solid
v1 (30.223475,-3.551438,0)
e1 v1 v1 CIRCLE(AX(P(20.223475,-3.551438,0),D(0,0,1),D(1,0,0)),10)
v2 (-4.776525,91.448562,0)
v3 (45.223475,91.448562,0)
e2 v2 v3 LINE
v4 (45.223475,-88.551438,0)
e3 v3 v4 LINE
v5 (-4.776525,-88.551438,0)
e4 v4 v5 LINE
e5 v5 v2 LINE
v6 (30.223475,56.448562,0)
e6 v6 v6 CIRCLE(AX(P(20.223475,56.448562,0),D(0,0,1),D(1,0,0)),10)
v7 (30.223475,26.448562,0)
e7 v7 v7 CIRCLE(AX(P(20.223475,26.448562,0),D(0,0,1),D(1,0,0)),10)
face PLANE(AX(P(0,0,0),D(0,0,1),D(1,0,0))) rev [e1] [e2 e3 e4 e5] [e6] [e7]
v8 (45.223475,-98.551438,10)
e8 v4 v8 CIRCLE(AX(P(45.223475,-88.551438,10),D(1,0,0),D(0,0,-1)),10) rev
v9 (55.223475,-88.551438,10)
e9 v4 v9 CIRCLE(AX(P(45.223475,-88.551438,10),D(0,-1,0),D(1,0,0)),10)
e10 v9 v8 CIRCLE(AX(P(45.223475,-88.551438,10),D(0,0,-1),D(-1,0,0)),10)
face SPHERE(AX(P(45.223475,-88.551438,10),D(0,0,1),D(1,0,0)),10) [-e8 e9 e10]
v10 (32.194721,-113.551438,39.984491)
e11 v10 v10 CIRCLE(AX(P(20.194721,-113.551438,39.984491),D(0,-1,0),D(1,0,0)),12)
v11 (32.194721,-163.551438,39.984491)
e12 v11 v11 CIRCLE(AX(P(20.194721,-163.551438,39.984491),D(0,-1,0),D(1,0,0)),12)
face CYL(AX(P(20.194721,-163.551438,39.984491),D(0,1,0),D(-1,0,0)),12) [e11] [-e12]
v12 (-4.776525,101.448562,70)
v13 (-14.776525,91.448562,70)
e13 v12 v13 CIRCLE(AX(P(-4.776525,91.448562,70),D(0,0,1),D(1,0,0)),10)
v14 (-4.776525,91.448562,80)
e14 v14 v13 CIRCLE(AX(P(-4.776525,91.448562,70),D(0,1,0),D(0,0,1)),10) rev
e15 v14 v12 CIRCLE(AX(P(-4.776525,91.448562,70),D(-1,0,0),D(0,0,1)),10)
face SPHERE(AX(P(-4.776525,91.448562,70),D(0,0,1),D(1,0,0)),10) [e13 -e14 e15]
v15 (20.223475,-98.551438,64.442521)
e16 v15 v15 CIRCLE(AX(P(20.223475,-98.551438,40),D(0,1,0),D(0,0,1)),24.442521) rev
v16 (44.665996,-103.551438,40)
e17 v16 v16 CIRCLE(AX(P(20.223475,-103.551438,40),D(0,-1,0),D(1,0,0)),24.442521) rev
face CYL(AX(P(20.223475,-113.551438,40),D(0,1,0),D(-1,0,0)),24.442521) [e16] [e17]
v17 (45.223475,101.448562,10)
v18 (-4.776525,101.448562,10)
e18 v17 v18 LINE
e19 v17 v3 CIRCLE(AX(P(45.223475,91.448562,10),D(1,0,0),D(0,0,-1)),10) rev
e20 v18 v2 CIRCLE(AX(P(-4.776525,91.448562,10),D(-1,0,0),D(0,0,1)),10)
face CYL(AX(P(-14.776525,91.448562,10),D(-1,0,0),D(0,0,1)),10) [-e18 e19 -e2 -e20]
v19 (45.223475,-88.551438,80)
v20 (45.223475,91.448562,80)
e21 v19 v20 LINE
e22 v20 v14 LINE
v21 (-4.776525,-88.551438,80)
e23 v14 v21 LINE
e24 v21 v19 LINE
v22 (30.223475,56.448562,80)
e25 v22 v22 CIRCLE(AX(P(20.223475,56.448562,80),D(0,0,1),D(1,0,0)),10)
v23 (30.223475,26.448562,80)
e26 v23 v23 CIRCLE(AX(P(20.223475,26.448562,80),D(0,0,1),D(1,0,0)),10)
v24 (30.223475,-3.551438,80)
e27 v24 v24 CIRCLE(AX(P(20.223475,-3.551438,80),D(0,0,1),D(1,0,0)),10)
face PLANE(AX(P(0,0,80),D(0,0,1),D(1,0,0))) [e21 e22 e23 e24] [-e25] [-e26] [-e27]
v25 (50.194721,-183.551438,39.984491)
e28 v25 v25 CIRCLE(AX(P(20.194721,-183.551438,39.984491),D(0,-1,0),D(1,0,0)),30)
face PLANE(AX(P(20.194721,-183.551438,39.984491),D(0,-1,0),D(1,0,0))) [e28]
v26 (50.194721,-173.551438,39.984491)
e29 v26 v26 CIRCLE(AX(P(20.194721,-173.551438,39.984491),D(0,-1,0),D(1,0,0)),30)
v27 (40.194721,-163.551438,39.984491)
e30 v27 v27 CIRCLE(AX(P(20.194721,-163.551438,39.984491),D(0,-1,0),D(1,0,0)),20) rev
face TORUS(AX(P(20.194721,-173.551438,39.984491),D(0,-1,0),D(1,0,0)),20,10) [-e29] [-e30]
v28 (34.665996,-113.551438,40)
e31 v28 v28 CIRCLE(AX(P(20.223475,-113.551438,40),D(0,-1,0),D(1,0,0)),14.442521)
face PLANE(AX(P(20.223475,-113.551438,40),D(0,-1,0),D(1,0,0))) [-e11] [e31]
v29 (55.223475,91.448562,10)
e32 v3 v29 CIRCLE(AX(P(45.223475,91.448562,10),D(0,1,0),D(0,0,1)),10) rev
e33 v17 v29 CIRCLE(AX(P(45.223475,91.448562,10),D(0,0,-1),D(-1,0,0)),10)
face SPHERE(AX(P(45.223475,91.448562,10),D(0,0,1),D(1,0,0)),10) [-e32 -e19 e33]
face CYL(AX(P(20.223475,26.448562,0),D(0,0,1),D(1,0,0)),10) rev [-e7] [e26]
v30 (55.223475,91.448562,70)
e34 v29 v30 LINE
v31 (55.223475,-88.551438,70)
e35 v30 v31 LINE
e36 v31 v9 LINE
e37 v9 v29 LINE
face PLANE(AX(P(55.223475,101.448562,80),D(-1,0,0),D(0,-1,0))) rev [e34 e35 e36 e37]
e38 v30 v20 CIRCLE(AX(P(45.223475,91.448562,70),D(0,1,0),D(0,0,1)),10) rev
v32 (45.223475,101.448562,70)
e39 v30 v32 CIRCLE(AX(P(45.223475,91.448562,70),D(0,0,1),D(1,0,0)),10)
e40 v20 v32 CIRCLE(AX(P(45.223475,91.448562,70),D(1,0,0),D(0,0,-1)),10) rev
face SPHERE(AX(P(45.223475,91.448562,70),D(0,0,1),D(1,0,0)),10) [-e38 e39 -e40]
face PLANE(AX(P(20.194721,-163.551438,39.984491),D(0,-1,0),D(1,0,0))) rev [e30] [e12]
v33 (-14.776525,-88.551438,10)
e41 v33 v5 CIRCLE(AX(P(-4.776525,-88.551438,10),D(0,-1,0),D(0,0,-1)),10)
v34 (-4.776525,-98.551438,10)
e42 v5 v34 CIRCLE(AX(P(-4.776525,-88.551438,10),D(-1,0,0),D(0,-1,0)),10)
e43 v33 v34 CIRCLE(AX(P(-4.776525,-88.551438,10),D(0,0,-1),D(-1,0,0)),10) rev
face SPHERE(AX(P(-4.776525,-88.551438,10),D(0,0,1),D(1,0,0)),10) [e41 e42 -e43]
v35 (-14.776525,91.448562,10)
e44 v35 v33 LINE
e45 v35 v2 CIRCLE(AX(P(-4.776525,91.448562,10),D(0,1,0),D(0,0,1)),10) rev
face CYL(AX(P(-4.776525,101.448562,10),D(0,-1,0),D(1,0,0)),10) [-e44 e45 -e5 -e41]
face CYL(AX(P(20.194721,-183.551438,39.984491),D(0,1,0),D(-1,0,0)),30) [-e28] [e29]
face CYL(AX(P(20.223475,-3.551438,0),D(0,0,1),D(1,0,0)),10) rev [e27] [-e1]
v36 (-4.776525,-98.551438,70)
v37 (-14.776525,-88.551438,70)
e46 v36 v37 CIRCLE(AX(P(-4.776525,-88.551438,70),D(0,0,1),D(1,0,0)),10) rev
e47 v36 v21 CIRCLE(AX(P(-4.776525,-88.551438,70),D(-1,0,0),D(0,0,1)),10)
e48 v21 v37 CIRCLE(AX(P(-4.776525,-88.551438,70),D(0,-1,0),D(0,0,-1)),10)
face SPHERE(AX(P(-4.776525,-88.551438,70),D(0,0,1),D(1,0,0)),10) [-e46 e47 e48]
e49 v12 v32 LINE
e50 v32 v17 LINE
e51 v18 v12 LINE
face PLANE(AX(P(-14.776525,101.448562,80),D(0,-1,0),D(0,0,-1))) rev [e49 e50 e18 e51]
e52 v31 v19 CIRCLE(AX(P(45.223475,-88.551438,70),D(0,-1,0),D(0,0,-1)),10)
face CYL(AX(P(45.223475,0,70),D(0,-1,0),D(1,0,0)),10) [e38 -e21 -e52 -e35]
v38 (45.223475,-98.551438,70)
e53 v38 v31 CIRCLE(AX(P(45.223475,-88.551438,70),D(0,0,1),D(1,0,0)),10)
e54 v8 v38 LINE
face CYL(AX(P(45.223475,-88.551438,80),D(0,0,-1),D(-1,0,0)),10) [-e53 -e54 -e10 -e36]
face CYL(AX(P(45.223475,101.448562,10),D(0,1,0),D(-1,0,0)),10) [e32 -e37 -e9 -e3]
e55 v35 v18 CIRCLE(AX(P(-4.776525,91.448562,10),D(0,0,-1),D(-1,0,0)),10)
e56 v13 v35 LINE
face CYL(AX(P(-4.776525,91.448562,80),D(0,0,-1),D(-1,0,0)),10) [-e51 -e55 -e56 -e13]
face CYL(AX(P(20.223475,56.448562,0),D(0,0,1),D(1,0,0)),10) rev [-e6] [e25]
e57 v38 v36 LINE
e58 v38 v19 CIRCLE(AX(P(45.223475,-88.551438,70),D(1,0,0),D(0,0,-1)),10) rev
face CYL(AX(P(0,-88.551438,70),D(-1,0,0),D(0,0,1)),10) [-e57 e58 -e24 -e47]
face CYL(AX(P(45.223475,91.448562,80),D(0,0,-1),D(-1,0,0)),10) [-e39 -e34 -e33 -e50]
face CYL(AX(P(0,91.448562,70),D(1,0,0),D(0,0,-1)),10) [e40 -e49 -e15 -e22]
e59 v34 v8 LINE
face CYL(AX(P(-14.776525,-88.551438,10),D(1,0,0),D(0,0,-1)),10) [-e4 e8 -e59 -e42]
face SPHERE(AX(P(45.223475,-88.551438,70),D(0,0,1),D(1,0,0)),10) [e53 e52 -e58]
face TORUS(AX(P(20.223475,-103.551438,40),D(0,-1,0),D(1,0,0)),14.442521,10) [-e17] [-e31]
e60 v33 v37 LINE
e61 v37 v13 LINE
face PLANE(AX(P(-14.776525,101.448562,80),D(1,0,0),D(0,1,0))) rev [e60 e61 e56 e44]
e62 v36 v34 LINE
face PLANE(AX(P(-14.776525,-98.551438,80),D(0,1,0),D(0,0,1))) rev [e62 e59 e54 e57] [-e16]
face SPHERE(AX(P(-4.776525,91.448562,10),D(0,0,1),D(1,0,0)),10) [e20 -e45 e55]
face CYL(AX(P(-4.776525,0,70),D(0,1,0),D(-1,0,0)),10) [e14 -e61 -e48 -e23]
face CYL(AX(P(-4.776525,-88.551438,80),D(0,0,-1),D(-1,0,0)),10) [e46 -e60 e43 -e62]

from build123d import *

# Parameters (mm, degrees)
SKETCH1_W           = 70
SKETCH1_H           = 200
BOSS_EXTRUDE1_DEPTH = 80
FILLET1_R           = 10
SKETCH2_R           = 24.442521079
BOSS_EXTRUDE2_DEPTH = 15
FILLET3_R           = 10
SKETCH3_R           = 12
BOSS_EXTRUDE3_DEPTH = 50
SKETCH4_R           = 30
BOSS_EXTRUDE4_DEPTH = 20
FILLET4_R           = 10
SKETCH5_R           = 10
CUT_EXTRUDE1_DEPTH  = 80


with BuildPart() as part:
    # Sketch1 → Boss-Extrude1 (new body)
    with BuildSketch(Plane.XY):
        with Locations((20.223475334, 1.448561813)):
            Rectangle(SKETCH1_W, SKETCH1_H)
    extrude(amount=BOSS_EXTRUDE1_DEPTH)

    # Fillet1
    fillet1_edges = [part.edges().sort_by_distance(p)[0] for p in [
        (55.223475334, 1.448561813, 80),
        (20.223475334, 101.448561813, 80),
        (-14.776524666, 1.448561813, 80),
        (20.223475334, 101.448561813, 0),
        (55.223475334, 1.448561813, 0),
        (20.223475334, -98.551438187, 0),
        (-14.776524666, 1.448561813, 0),
        (-14.776524666, 101.448561813, 40),
        (55.223475334, 101.448561813, 40),
        (55.223475334, -98.551438187, 40),
        (-14.776524666, -98.551438187, 40),
        (20.223475334, -98.551438187, 80),
    ]]
    fillet(fillet1_edges, radius=FILLET1_R)

    # Sketch2 → Boss-Extrude2 (add)
    with BuildSketch(Plane(origin=(0, -98.551438187, 0), x_dir=(-1, 0, 0), z_dir=(0, -1, 0))):
        with Locations((-20.223475334, -40)):
            Circle(SKETCH2_R)
    extrude(amount=BOSS_EXTRUDE2_DEPTH)

    # Fillet3
    fillet3_edges = [part.edges().sort_by_distance(p)[0] for p in [
        (44.665996414, -113.551438187, 40),
    ]]
    fillet(fillet3_edges, radius=FILLET3_R)

    # Sketch3 → Boss-Extrude3 (add)
    with BuildSketch(Plane.XZ.offset(113.551438187)):
        with Locations((20.19472106, 39.984491152)):
            Circle(SKETCH3_R)
    extrude(amount=BOSS_EXTRUDE3_DEPTH)

    # Sketch4 → Boss-Extrude4 (add)
    with BuildSketch(Plane(origin=(0, -163.551438187, 0), x_dir=(-1, 0, 0), z_dir=(0, -1, 0))):
        with Locations((-20.19472106, -39.984491152)):
            Circle(SKETCH4_R)
    extrude(amount=BOSS_EXTRUDE4_DEPTH)

    # Fillet4
    fillet4_edges = [part.edges().sort_by_distance(p)[0] for p in [
        (50.19472106, -163.551438187, 39.984491152),
    ]]
    fillet(fillet4_edges, radius=FILLET4_R)

    # Sketch5 → Cut-Extrude1 (cut)
    with BuildSketch(Plane.XY.offset(80)):
        with Locations((20.223475334, 56.448561813)):
            Circle(SKETCH5_R)
        with Locations((20.223475334, 26.448561813)):
            Circle(SKETCH5_R)
        with Locations((20.223475334, -3.551438187)):
            Circle(SKETCH5_R)
    extrude(amount=-CUT_EXTRUDE1_DEPTH, mode=Mode.SUBTRACT)


solid = part.part
